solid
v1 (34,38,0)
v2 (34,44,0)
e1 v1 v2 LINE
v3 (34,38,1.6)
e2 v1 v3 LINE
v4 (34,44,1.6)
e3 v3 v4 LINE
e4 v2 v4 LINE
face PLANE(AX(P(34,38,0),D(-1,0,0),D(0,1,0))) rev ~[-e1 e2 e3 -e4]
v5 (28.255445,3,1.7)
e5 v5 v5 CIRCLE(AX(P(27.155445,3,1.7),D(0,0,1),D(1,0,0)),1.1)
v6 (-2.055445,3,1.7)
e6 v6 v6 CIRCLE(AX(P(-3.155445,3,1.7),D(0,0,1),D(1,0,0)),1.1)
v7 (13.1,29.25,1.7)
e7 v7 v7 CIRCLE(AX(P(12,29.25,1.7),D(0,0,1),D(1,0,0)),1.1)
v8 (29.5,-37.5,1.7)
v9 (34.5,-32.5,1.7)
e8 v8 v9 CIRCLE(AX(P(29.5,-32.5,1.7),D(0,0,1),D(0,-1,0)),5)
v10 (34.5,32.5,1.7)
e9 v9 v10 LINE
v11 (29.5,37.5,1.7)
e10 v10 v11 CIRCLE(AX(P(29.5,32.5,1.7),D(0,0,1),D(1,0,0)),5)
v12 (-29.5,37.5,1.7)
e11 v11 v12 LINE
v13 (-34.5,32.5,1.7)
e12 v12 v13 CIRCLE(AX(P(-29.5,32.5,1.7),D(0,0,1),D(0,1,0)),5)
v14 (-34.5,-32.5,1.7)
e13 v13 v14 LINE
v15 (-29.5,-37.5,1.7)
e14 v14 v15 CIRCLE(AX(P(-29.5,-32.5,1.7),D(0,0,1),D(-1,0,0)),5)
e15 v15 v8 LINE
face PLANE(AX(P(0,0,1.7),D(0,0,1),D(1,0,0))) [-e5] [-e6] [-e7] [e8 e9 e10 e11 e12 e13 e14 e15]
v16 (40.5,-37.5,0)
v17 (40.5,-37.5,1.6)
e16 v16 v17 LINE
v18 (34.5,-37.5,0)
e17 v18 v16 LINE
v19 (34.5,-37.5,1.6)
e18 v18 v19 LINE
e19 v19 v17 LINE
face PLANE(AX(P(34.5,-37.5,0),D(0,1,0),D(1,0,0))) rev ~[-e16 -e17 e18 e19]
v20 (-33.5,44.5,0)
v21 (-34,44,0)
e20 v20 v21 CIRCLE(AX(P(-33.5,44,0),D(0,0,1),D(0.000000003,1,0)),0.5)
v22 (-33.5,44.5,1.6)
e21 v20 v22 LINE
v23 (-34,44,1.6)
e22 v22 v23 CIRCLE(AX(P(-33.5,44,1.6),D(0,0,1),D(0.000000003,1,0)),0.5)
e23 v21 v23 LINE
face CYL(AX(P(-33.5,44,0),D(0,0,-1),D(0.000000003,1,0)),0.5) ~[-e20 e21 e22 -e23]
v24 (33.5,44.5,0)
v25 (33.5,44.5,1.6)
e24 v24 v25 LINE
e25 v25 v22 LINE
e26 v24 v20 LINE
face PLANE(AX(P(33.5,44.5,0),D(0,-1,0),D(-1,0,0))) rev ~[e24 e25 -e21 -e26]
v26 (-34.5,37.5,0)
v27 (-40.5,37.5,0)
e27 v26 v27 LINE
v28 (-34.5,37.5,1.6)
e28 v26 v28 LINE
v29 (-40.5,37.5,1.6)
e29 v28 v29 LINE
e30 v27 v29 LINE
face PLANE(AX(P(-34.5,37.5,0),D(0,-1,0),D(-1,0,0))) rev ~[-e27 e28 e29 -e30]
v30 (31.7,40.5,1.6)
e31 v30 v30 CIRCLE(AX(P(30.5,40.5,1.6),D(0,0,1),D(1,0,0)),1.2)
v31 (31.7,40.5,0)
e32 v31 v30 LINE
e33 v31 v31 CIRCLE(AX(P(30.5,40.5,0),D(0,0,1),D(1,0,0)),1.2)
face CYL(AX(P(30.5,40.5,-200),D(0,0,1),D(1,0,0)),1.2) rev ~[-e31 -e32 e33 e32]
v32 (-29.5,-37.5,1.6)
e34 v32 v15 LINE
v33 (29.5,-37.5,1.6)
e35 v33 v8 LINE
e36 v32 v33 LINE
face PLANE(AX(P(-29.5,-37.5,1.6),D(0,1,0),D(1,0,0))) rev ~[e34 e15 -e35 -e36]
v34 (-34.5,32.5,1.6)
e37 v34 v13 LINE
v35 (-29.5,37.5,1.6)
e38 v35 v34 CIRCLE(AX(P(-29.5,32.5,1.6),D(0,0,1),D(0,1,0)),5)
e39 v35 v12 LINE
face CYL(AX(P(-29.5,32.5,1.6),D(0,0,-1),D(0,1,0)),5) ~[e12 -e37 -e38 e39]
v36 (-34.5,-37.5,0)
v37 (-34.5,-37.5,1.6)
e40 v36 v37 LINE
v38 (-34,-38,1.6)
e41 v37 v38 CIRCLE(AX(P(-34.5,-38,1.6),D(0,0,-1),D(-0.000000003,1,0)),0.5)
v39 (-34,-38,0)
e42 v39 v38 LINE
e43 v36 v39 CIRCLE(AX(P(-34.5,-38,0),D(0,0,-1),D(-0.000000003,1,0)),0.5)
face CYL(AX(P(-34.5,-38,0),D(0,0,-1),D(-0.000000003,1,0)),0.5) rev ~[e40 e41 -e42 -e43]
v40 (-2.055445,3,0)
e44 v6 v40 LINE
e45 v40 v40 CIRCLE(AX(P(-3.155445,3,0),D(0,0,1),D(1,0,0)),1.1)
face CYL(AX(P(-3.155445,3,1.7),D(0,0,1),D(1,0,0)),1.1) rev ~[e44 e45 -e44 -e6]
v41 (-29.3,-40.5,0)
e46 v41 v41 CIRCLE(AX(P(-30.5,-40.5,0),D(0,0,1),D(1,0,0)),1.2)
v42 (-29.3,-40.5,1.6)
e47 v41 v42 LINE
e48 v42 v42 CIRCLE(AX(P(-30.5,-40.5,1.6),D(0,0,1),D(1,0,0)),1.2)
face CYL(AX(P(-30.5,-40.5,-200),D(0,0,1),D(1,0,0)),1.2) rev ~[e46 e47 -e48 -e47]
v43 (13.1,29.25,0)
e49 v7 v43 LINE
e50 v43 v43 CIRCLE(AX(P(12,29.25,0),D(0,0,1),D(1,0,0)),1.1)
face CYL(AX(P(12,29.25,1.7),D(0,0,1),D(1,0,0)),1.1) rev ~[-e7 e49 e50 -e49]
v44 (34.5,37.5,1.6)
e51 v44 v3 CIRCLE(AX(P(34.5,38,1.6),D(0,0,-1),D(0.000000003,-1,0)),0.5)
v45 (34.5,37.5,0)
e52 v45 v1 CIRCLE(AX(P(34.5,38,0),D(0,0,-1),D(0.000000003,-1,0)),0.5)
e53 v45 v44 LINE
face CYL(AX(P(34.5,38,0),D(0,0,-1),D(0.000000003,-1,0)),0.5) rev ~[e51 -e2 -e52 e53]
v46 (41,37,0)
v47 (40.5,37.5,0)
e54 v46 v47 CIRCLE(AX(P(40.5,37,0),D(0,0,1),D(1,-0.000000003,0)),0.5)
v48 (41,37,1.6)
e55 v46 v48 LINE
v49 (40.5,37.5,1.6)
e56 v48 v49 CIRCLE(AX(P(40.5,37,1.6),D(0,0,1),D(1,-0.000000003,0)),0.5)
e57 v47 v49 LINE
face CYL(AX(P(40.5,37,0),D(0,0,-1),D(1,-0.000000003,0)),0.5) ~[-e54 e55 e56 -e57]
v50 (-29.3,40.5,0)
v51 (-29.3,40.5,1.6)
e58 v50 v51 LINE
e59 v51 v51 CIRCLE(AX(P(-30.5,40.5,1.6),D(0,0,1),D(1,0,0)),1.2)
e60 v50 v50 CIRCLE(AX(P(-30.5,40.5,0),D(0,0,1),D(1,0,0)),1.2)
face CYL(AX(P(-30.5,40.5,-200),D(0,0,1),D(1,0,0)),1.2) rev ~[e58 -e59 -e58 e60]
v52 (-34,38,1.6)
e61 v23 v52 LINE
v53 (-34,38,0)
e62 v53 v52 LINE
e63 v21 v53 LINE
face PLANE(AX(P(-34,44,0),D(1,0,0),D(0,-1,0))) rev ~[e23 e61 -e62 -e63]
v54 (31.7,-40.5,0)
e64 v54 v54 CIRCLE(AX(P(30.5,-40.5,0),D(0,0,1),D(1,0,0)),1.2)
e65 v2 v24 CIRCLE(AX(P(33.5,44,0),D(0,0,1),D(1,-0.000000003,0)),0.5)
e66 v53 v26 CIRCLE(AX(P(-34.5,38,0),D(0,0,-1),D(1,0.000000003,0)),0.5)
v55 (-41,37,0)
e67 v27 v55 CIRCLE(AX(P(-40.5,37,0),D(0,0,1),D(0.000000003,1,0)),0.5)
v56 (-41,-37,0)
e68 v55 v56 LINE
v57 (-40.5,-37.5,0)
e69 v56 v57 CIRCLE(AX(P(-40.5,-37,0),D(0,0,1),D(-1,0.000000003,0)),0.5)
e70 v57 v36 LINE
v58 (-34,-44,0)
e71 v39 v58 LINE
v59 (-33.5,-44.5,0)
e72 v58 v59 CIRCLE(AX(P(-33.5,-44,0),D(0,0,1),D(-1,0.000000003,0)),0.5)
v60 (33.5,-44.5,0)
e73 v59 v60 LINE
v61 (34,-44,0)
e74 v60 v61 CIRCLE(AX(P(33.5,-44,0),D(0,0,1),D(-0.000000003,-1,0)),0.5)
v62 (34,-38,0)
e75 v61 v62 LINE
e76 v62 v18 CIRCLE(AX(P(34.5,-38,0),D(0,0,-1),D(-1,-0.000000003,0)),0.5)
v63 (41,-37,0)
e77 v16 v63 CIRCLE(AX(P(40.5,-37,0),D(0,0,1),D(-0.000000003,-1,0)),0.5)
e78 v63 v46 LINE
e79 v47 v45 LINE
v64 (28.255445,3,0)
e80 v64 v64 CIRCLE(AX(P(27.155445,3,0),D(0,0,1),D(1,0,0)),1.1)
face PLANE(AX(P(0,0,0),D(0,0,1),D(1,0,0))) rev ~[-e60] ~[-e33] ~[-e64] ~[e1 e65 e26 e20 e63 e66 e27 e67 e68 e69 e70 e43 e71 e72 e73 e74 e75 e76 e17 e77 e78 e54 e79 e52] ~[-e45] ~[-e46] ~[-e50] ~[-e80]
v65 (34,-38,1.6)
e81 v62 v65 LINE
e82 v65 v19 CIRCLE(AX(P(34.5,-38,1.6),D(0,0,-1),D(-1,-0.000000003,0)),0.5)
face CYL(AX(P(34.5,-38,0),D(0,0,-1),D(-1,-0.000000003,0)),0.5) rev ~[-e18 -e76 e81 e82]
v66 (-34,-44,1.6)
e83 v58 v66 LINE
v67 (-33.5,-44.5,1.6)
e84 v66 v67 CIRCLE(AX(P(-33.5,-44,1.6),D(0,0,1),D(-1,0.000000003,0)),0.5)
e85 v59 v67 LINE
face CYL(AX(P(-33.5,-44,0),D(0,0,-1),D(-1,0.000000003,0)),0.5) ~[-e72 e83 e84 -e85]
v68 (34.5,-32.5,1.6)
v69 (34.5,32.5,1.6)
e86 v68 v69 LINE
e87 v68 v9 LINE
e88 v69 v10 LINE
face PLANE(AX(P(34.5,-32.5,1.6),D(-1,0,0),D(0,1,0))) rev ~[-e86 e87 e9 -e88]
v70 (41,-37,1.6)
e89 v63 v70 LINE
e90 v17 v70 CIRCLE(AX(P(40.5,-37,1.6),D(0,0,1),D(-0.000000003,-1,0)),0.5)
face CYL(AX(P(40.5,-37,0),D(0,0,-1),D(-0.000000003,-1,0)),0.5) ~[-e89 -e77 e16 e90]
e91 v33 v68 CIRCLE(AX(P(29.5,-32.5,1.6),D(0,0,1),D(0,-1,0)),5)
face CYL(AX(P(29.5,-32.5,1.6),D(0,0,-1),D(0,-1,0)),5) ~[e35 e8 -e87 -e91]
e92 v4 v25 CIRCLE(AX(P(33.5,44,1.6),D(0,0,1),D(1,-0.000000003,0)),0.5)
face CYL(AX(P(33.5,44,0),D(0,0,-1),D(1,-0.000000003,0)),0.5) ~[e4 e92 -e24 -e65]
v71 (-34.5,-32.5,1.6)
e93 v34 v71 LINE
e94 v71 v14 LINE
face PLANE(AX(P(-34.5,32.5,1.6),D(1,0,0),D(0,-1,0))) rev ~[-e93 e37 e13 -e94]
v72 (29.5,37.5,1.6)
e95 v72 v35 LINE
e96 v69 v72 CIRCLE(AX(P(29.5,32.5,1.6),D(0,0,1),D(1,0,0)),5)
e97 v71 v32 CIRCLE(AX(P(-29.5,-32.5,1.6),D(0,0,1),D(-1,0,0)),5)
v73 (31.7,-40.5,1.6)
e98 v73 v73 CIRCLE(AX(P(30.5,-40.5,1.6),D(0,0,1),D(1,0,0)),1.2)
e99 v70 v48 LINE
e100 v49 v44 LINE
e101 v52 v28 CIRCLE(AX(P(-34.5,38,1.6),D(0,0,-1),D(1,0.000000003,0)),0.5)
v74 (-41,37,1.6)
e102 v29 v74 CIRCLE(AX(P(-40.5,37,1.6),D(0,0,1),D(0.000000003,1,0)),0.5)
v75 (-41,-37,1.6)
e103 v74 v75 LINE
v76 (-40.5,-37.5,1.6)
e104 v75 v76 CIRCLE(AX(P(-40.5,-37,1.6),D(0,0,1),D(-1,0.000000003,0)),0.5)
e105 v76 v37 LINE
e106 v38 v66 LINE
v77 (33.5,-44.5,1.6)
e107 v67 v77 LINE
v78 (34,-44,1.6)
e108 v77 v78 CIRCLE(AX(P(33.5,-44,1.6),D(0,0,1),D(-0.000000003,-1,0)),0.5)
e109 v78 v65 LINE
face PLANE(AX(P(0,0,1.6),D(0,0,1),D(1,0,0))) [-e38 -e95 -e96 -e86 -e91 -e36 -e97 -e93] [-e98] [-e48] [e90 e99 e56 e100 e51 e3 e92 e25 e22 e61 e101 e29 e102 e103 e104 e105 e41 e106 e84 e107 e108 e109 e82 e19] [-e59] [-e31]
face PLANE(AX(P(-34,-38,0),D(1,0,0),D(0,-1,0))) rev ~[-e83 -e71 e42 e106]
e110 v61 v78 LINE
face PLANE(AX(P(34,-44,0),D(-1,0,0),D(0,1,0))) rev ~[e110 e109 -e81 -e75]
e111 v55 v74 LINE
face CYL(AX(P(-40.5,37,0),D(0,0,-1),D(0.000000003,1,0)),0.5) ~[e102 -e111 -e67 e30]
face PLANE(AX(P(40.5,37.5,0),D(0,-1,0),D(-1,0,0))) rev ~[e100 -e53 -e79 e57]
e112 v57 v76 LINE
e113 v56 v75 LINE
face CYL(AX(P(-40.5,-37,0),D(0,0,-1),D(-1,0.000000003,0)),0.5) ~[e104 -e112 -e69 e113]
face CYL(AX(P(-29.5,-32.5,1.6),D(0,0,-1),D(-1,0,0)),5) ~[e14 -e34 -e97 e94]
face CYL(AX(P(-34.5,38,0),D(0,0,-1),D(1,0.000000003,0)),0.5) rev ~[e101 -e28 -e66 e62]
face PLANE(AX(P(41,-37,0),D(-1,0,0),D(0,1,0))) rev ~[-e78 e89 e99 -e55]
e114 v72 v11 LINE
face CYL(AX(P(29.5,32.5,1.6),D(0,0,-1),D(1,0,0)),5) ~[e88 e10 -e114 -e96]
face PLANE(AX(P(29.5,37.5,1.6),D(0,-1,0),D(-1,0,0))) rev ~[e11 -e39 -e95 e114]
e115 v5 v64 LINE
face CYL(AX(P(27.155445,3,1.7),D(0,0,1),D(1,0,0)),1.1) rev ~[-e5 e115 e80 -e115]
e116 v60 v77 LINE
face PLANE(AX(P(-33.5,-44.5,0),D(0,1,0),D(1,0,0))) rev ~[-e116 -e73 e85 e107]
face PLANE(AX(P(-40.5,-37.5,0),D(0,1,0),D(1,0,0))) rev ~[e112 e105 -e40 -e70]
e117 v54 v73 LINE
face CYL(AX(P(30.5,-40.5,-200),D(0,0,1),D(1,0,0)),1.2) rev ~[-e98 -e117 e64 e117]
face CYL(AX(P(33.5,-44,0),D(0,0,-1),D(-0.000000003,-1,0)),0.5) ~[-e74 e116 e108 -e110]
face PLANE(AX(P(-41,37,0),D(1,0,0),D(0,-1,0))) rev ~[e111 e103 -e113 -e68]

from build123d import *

# Parameters (mm, degrees)
BOSS_EXTRUDE1_DEPTH            = 1.6
BOSS_EXTRUDE2_DEPTH            = 0.1
M2_HOLE1_FIXINGSTRUCTURE_D     = 2.4
M2_HOLE1_FIXINGSTRUCTURE_DEPTH = 200
M2_HOLE1_FIXINGSTRUCTURE_TIP   = 0.721032743
SKETCH5_R                      = 1.1
CUT_EXTRUDE1_DEPTH             = 1.7


with BuildPart() as part:
    # Sketch1 → Boss-Extrude1 (new body)
    with BuildSketch(Plane.XY):
        with BuildLine():
            Line((-34, 44), (-34, 38))
            ThreePointArc((-34, 38), (-34.146446609, 37.646446609), (-34.5, 37.5))
            Line((-34.5, 37.5), (-40.5, 37.5))
            ThreePointArc((-40.5, 37.5), (-40.853553391, 37.353553391), (-41, 37))
            Line((-41, 37), (-41, -37))
            ThreePointArc((-41, -37), (-40.853553391, -37.353553391), (-40.5, -37.5))
            Line((-40.5, -37.5), (-34.5, -37.5))
            ThreePointArc((-34.5, -37.5), (-34.146446609, -37.646446609), (-34, -38))
            Line((-34, -38), (-34, -44))
            ThreePointArc((-34, -44), (-33.853553391, -44.353553391), (-33.5, -44.5))
            Line((-33.5, -44.5), (33.5, -44.5))
            ThreePointArc((33.5, -44.5), (33.853553391, -44.353553391), (34, -44))
            Line((34, -44), (34, -38))
            ThreePointArc((34, -38), (34.146446609, -37.646446609), (34.5, -37.5))
            Line((34.5, -37.5), (40.5, -37.5))
            ThreePointArc((40.5, -37.5), (40.853553391, -37.353553391), (41, -37))
            Line((41, -37), (41, 37))
            ThreePointArc((41, 37), (40.853553391, 37.353553391), (40.5, 37.5))
            Line((40.5, 37.5), (34.5, 37.5))
            ThreePointArc((34.5, 37.5), (34.146446609, 37.646446609), (34, 38))
            Line((34, 38), (34, 44))
            ThreePointArc((34, 44), (33.853553391, 44.353553391), (33.5, 44.5))
            Line((33.5, 44.5), (-33.5, 44.5))
            ThreePointArc((-33.5, 44.5), (-33.853553391, 44.353553391), (-34, 44))
        make_face()
    extrude(amount=BOSS_EXTRUDE1_DEPTH)

    # Esboço1 → Boss-Extrude2 (add)
    with BuildSketch(Plane.XY.offset(1.6)):
        with BuildLine():
            Line((-29.5, -37.5), (29.5, -37.5))
            ThreePointArc((29.5, -37.5), (33.035533906, -36.035533906), (34.5, -32.5))
            Line((34.5, -32.5), (34.5, 32.5))
            ThreePointArc((34.5, 32.5), (33.035533906, 36.035533906), (29.5, 37.5))
            Line((29.5, 37.5), (-29.5, 37.5))
            ThreePointArc((-29.5, 37.5), (-33.035533906, 36.035533906), (-34.5, 32.5))
            Line((-34.5, 32.5), (-34.5, -32.5))
            ThreePointArc((-34.5, -32.5), (-33.035533906, -36.035533906), (-29.5, -37.5))
        make_face()
    extrude(amount=BOSS_EXTRUDE2_DEPTH)

    # M2 Hole1-FixingStructure
    with Locations(Plane(origin=(0, 0, 0), x_dir=(-1, 0, 0), z_dir=(0, 0, -1))):
        with Locations((-30.5, 40.5), (30.5, 40.5), (-30.5, -40.5), (30.5, -40.5)):
            Hole(M2_HOLE1_FIXINGSTRUCTURE_D / 2, depth=M2_HOLE1_FIXINGSTRUCTURE_DEPTH)
            with Locations((0, 0, -(M2_HOLE1_FIXINGSTRUCTURE_DEPTH + M2_HOLE1_FIXINGSTRUCTURE_TIP / 2))):  # 118° drill point
                Cone(0, M2_HOLE1_FIXINGSTRUCTURE_D / 2, M2_HOLE1_FIXINGSTRUCTURE_TIP, mode=Mode.SUBTRACT)

    # Sketch5 → Cut-Extrude1 (cut)
    with BuildSketch(Plane.XY.offset(1.7)):
        with Locations((27.155444566, 3)):
            Circle(SKETCH5_R)
        with Locations((12, 29.25)):
            Circle(SKETCH5_R)
        with Locations((-3.155444566, 3)):
            Circle(SKETCH5_R)
    extrude(amount=-CUT_EXTRUDE1_DEPTH, mode=Mode.SUBTRACT)


solid = part.part
